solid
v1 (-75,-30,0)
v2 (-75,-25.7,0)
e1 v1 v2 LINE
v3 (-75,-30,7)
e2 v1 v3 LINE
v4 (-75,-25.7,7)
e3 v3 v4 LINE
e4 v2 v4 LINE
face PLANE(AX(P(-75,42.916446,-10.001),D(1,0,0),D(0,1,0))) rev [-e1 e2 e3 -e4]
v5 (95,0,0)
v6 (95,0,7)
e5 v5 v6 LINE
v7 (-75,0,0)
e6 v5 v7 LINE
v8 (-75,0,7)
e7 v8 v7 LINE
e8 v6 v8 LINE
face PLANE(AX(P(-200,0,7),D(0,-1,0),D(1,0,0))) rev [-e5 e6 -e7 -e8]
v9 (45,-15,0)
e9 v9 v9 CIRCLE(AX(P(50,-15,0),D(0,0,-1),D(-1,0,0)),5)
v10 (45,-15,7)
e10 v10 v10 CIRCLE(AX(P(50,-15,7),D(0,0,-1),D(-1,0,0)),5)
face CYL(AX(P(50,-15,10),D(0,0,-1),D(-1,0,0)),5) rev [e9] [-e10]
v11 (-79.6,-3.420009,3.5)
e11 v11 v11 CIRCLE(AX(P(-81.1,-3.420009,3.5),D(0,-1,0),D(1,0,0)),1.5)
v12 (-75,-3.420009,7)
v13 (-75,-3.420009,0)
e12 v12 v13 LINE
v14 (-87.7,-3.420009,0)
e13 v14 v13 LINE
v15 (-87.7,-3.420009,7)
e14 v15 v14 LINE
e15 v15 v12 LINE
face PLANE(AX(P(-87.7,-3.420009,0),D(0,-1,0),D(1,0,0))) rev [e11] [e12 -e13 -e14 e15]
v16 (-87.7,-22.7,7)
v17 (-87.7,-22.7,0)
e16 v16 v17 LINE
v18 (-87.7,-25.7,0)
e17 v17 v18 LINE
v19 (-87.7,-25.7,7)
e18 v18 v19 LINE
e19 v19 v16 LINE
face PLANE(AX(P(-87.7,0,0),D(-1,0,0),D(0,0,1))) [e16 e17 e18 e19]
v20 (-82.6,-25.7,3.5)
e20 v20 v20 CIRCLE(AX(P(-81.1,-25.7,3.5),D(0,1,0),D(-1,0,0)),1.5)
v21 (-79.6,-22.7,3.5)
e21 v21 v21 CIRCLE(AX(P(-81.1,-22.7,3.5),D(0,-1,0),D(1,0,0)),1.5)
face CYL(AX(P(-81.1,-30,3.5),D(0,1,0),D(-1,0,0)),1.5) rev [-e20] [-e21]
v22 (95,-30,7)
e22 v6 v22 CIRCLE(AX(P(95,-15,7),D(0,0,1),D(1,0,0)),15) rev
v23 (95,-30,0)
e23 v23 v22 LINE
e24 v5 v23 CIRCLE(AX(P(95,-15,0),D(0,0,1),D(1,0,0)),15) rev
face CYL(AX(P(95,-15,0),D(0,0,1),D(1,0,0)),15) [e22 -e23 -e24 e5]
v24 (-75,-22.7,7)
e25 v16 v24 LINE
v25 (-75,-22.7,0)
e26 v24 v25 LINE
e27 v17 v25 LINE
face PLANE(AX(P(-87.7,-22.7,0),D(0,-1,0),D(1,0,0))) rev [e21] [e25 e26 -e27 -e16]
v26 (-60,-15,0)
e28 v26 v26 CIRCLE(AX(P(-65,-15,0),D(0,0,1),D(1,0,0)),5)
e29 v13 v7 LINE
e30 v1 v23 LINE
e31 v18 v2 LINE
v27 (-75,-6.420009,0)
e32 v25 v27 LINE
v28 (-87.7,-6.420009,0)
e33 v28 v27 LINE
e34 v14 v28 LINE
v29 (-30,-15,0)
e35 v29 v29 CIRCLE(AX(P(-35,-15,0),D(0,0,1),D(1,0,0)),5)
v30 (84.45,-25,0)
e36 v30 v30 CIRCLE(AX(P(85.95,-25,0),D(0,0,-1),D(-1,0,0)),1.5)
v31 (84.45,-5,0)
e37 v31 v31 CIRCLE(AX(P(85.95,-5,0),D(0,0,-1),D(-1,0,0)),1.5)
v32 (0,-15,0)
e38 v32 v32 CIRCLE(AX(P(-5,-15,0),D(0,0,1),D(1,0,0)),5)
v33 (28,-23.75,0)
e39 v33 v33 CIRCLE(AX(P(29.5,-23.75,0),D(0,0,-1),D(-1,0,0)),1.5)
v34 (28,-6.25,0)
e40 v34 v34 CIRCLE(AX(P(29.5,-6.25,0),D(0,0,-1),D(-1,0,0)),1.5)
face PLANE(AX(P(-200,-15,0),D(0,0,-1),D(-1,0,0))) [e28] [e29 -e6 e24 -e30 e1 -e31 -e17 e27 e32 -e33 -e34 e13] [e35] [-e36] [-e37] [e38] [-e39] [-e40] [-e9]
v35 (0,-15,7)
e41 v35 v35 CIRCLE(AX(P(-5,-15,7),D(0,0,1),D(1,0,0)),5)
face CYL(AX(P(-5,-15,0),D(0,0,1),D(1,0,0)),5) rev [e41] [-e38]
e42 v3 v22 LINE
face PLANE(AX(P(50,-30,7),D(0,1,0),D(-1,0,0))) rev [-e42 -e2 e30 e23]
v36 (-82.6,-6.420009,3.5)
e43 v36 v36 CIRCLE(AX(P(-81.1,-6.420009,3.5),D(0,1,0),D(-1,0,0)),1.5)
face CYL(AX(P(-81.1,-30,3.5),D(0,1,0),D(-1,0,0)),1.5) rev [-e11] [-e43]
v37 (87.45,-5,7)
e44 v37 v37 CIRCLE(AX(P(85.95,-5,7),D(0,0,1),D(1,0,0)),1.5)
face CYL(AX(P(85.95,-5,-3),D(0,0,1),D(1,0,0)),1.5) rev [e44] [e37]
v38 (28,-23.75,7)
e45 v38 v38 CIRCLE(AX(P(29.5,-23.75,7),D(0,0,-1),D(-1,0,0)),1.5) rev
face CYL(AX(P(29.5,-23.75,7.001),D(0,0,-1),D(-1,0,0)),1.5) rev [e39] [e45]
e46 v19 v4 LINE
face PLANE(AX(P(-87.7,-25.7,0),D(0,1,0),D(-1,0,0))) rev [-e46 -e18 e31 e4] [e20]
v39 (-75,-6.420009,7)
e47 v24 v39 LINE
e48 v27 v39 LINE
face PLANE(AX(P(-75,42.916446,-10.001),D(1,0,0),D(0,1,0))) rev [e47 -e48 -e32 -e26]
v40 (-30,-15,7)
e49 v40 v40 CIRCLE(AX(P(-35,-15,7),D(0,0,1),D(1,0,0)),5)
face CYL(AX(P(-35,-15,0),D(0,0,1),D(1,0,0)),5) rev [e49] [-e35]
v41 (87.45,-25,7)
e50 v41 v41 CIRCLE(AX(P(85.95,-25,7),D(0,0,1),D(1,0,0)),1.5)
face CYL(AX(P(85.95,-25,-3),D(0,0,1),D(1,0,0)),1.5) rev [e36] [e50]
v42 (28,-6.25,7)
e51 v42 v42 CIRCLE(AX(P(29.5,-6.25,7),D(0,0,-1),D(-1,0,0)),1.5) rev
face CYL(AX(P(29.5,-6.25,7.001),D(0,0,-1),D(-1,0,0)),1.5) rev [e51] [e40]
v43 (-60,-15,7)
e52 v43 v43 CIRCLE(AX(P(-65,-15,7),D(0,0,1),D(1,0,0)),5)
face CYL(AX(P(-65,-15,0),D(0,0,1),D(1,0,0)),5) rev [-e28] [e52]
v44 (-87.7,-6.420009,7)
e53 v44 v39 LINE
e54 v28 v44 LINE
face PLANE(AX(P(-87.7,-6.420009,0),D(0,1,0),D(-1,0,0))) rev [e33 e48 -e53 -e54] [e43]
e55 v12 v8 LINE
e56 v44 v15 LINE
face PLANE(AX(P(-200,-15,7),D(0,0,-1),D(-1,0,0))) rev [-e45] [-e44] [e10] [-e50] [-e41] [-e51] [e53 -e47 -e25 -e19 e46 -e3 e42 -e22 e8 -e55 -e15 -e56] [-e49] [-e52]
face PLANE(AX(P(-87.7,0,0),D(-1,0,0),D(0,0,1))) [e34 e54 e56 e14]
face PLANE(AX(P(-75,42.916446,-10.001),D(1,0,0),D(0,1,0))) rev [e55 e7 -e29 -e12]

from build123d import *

# Parameters (mm, degrees)
BOSS_EXTRUDE1_DEPTH      = 7
SKETCH2_R                = 5
CUT_EXTRUDE1_DEPTH       = 7
LPATTERN1_COUNT          = 7
LPATTERN1_PITCH          = 30
SKETCH6_R                = 5
CUT_EXTRUDE2_DEPTH       = 10
CUT_EXTRUDE4_REACH       = 219.196
SKETCH9_R                = 1.5
SKETCH16_W               = 47
SKETCH16_H               = 39.930416712
SKETCH16_R               = 8.2
BOSS_EXTRUDE2_DEPTH      = 10
SKETCH17_W               = 45.833760325
SKETCH17_H               = 30.12512517
SKETCH17_W_2             = 13.763297709
SKETCH17_H_2             = 9.222578979
CUT_EXTRUDE15_DEPTH      = 9
CUT_EXTRUDE18_REACH      = 223.779
SKETCH18_W               = 140
SKETCH18_H               = 115.832892108
BOSS_EXTRUDE5_START      = -7
BOSS_EXTRUDE5_DEPTH      = 7
CUT_EXTRUDE19_DEPTH      = 10
SKETCH25_W               = 7
SKETCH25_H               = 3
BOSS_EXTRUDE6_DEPTH      = 12.7
CUT_EXTRUDE20_DEPTH      = 114.382079461
CUT_EXTRUDE20_DEPTH_BACK = 114.382079461
SKETCH26_R               = 1.5


with BuildPart() as part:
    # Sketch1 → Boss-Extrude1 (new body)
    with BuildSketch(Plane.XY):
        with BuildLine():
            Line((-200, 0), (50, 0))
            ThreePointArc((50, 0), (65, -15), (50, -30))
            Line((50, -30), (-200, -30))
            ThreePointArc((-200, -30), (-215, -15), (-200, 0))
        make_face()
    extrude(amount=BOSS_EXTRUDE1_DEPTH)

    # Sketch2 → Cut-Extrude1 (cut)
    with BuildSketch(Plane.XY.offset(7)):
        with Locations((-185, -15)):
            Circle(SKETCH2_R)
    cut_extrude1 = extrude(amount=-CUT_EXTRUDE1_DEPTH, mode=Mode.SUBTRACT)

    # LPattern1: Cut-Extrude1 ×7
    with Locations(*[(i * LPATTERN1_PITCH, 0, 0) for i in range(1, LPATTERN1_COUNT)]):
        add(cut_extrude1, mode=Mode.SUBTRACT)

    # Sketch6 → Cut-Extrude2 (cut)
    with BuildSketch(Plane(origin=(0, 0, 0), x_dir=(-1, 0, 0), z_dir=(0, 0, -1))):
        with Locations((-50, -15)):
            Circle(SKETCH6_R)
    extrude(amount=-CUT_EXTRUDE2_DEPTH, mode=Mode.SUBTRACT)

    # Sketch9 → Cut-Extrude4 (cut, up to next)
    with BuildSketch(Plane(origin=(0, 0, 0), x_dir=(-1, 0, 0), z_dir=(0, 0, -1)), mode=Mode.PRIVATE) as cut_extrude4_sk1:
        with Locations((-29.5, -6.25)):
            Circle(SKETCH9_R)
    cut_extrude4_tool1 = extrude(cut_extrude4_sk1.sketch, amount=-CUT_EXTRUDE4_REACH, mode=Mode.PRIVATE) & part.part
    # Sketch9 → Cut-Extrude4 (cut, up to next)
    with BuildSketch(Plane(origin=(0, 0, 0), x_dir=(-1, 0, 0), z_dir=(0, 0, -1)), mode=Mode.PRIVATE) as cut_extrude4_sk2:
        with Locations((-29.5, -23.75)):
            Circle(SKETCH9_R)
    cut_extrude4_tool2 = extrude(cut_extrude4_sk2.sketch, amount=-CUT_EXTRUDE4_REACH, mode=Mode.PRIVATE) & part.part
    add(cut_extrude4_tool1.solids().sort_by_distance((29.5, -6.25, 0))[0], mode=Mode.SUBTRACT)
    add(cut_extrude4_tool2.solids().sort_by_distance((29.5, -23.75, 0))[0], mode=Mode.SUBTRACT)

    # Sketch16 → Boss-Extrude2 (add)
    with BuildSketch(Plane(origin=(0, 0, 0), x_dir=(-1, 0, 0), z_dir=(0, 0, -1))):
        with Locations((156.5, -31.726084321)):
            Rectangle(SKETCH16_W, SKETCH16_H)
        with Locations((143.645834005, -39.243444981)):
            Circle(SKETCH16_R, mode=Mode.SUBTRACT)
        with Locations((169.806394215, -39.243444981)):
            Circle(SKETCH16_R, mode=Mode.SUBTRACT)
        with BuildLine():
            Line((152.543612389, -45.175236858), (161.148055619, -45.175236858))
            ThreePointArc((161.148055619, -45.175236858), (162.890378664, -46.917559902), (161.148055619, -48.659882947))
            Line((161.148055619, -48.659882947), (152.543612389, -48.659882947))
            ThreePointArc((152.543612389, -48.659882947), (150.801289344, -46.917559902), (152.543612389, -45.175236858))
        make_face(mode=Mode.SUBTRACT)
    extrude(amount=BOSS_EXTRUDE2_DEPTH)

    # Sketch17 → Cut-Extrude15 (cut)
    with BuildSketch(Plane(origin=(0, 0, -10), x_dir=(-1, 0, 0), z_dir=(0, 0, -1))):
        with Locations((156.666880163, -35.963336462)):
            Rectangle(SKETCH17_W, SKETCH17_H)
        with Locations((156.826506841, -16.372165454)):
            Rectangle(SKETCH17_W_2, SKETCH17_H_2)
    extrude(amount=-CUT_EXTRUDE15_DEPTH, mode=Mode.SUBTRACT)

    # Sketch18 → Cut-Extrude18 (cut, up to next)
    with BuildSketch(Plane.XY.offset(7), mode=Mode.PRIVATE) as cut_extrude18_sk1:
        with Locations((-145, -15)):
            Rectangle(SKETCH18_W, SKETCH18_H)
    cut_extrude18_tool1 = extrude(cut_extrude18_sk1.sketch, amount=-CUT_EXTRUDE18_REACH, mode=Mode.PRIVATE) & part.part
    add(cut_extrude18_tool1.solids().sort_by_distance((-145, -15, 7))[0], mode=Mode.SUBTRACT)

    # Sketch23 → Boss-Extrude5 (add)
    with BuildSketch(Plane.XY.offset(7).offset(BOSS_EXTRUDE5_START)):
        with BuildLine():
            Line((95, 0), (50, 0))
            ThreePointArc((50, 0), (65, -15), (50, -30))
            Line((50, -30), (95, -30))
            ThreePointArc((95, -30), (110, -15), (95, 0))
        make_face()
    extrude(amount=BOSS_EXTRUDE5_DEPTH)

    # Sketch24 → Cut-Extrude19 (cut)
    with BuildSketch(Plane.XY.offset(7)):
        with BuildLine():
            ThreePointArc((87.45, -25), (87.010660172, -23.939339828), (85.95, -23.5))
            Line((85.95, -23.5), (85.95, -26.5))
            ThreePointArc((85.95, -26.5), (87.010660172, -26.060660172), (87.45, -25))
        make_face()
        with BuildLine():
            Line((85.95, -26.5), (85.95, -23.5))
            ThreePointArc((85.95, -23.5), (84.45, -25), (85.95, -26.5))
        make_face()
        with BuildLine():
            ThreePointArc((87.45, -5), (87.010660172, -3.939339828), (85.95, -3.5))
            Line((85.95, -3.5), (85.95, -6.5))
            ThreePointArc((85.95, -6.5), (87.010660172, -6.060660172), (87.45, -5))
        make_face()
        with BuildLine():
            Line((85.95, -6.5), (85.95, -3.5))
            ThreePointArc((85.95, -3.5), (84.45, -5), (85.95, -6.5))
        make_face()
    extrude(amount=-CUT_EXTRUDE19_DEPTH, mode=Mode.SUBTRACT)

    # Sketch25 → Boss-Extrude6 (add)
    with BuildSketch(Plane.ZY.offset(75)):
        with Locations((3.5, -4.920008597)):
            Rectangle(SKETCH25_W, SKETCH25_H)
        with Locations((3.5, -24.2)):
            Rectangle(SKETCH25_W, SKETCH25_H)
    extrude(amount=BOSS_EXTRUDE6_DEPTH)

    # Sketch26 → Cut-Extrude20 (cut, two sides: drawn at the far end of the back side and taken through both)
    with BuildSketch(Plane(origin=(0, -3.420008597, 0), x_dir=(1, 0, 0), z_dir=(0, 1, 0)).offset(-CUT_EXTRUDE20_DEPTH_BACK)):
        with Locations(Location((-81.1, -3.5, 0), (0, 0, 180))):
            Circle(SKETCH26_R)
    extrude(amount=CUT_EXTRUDE20_DEPTH + CUT_EXTRUDE20_DEPTH_BACK, mode=Mode.SUBTRACT)


solid = part.part
